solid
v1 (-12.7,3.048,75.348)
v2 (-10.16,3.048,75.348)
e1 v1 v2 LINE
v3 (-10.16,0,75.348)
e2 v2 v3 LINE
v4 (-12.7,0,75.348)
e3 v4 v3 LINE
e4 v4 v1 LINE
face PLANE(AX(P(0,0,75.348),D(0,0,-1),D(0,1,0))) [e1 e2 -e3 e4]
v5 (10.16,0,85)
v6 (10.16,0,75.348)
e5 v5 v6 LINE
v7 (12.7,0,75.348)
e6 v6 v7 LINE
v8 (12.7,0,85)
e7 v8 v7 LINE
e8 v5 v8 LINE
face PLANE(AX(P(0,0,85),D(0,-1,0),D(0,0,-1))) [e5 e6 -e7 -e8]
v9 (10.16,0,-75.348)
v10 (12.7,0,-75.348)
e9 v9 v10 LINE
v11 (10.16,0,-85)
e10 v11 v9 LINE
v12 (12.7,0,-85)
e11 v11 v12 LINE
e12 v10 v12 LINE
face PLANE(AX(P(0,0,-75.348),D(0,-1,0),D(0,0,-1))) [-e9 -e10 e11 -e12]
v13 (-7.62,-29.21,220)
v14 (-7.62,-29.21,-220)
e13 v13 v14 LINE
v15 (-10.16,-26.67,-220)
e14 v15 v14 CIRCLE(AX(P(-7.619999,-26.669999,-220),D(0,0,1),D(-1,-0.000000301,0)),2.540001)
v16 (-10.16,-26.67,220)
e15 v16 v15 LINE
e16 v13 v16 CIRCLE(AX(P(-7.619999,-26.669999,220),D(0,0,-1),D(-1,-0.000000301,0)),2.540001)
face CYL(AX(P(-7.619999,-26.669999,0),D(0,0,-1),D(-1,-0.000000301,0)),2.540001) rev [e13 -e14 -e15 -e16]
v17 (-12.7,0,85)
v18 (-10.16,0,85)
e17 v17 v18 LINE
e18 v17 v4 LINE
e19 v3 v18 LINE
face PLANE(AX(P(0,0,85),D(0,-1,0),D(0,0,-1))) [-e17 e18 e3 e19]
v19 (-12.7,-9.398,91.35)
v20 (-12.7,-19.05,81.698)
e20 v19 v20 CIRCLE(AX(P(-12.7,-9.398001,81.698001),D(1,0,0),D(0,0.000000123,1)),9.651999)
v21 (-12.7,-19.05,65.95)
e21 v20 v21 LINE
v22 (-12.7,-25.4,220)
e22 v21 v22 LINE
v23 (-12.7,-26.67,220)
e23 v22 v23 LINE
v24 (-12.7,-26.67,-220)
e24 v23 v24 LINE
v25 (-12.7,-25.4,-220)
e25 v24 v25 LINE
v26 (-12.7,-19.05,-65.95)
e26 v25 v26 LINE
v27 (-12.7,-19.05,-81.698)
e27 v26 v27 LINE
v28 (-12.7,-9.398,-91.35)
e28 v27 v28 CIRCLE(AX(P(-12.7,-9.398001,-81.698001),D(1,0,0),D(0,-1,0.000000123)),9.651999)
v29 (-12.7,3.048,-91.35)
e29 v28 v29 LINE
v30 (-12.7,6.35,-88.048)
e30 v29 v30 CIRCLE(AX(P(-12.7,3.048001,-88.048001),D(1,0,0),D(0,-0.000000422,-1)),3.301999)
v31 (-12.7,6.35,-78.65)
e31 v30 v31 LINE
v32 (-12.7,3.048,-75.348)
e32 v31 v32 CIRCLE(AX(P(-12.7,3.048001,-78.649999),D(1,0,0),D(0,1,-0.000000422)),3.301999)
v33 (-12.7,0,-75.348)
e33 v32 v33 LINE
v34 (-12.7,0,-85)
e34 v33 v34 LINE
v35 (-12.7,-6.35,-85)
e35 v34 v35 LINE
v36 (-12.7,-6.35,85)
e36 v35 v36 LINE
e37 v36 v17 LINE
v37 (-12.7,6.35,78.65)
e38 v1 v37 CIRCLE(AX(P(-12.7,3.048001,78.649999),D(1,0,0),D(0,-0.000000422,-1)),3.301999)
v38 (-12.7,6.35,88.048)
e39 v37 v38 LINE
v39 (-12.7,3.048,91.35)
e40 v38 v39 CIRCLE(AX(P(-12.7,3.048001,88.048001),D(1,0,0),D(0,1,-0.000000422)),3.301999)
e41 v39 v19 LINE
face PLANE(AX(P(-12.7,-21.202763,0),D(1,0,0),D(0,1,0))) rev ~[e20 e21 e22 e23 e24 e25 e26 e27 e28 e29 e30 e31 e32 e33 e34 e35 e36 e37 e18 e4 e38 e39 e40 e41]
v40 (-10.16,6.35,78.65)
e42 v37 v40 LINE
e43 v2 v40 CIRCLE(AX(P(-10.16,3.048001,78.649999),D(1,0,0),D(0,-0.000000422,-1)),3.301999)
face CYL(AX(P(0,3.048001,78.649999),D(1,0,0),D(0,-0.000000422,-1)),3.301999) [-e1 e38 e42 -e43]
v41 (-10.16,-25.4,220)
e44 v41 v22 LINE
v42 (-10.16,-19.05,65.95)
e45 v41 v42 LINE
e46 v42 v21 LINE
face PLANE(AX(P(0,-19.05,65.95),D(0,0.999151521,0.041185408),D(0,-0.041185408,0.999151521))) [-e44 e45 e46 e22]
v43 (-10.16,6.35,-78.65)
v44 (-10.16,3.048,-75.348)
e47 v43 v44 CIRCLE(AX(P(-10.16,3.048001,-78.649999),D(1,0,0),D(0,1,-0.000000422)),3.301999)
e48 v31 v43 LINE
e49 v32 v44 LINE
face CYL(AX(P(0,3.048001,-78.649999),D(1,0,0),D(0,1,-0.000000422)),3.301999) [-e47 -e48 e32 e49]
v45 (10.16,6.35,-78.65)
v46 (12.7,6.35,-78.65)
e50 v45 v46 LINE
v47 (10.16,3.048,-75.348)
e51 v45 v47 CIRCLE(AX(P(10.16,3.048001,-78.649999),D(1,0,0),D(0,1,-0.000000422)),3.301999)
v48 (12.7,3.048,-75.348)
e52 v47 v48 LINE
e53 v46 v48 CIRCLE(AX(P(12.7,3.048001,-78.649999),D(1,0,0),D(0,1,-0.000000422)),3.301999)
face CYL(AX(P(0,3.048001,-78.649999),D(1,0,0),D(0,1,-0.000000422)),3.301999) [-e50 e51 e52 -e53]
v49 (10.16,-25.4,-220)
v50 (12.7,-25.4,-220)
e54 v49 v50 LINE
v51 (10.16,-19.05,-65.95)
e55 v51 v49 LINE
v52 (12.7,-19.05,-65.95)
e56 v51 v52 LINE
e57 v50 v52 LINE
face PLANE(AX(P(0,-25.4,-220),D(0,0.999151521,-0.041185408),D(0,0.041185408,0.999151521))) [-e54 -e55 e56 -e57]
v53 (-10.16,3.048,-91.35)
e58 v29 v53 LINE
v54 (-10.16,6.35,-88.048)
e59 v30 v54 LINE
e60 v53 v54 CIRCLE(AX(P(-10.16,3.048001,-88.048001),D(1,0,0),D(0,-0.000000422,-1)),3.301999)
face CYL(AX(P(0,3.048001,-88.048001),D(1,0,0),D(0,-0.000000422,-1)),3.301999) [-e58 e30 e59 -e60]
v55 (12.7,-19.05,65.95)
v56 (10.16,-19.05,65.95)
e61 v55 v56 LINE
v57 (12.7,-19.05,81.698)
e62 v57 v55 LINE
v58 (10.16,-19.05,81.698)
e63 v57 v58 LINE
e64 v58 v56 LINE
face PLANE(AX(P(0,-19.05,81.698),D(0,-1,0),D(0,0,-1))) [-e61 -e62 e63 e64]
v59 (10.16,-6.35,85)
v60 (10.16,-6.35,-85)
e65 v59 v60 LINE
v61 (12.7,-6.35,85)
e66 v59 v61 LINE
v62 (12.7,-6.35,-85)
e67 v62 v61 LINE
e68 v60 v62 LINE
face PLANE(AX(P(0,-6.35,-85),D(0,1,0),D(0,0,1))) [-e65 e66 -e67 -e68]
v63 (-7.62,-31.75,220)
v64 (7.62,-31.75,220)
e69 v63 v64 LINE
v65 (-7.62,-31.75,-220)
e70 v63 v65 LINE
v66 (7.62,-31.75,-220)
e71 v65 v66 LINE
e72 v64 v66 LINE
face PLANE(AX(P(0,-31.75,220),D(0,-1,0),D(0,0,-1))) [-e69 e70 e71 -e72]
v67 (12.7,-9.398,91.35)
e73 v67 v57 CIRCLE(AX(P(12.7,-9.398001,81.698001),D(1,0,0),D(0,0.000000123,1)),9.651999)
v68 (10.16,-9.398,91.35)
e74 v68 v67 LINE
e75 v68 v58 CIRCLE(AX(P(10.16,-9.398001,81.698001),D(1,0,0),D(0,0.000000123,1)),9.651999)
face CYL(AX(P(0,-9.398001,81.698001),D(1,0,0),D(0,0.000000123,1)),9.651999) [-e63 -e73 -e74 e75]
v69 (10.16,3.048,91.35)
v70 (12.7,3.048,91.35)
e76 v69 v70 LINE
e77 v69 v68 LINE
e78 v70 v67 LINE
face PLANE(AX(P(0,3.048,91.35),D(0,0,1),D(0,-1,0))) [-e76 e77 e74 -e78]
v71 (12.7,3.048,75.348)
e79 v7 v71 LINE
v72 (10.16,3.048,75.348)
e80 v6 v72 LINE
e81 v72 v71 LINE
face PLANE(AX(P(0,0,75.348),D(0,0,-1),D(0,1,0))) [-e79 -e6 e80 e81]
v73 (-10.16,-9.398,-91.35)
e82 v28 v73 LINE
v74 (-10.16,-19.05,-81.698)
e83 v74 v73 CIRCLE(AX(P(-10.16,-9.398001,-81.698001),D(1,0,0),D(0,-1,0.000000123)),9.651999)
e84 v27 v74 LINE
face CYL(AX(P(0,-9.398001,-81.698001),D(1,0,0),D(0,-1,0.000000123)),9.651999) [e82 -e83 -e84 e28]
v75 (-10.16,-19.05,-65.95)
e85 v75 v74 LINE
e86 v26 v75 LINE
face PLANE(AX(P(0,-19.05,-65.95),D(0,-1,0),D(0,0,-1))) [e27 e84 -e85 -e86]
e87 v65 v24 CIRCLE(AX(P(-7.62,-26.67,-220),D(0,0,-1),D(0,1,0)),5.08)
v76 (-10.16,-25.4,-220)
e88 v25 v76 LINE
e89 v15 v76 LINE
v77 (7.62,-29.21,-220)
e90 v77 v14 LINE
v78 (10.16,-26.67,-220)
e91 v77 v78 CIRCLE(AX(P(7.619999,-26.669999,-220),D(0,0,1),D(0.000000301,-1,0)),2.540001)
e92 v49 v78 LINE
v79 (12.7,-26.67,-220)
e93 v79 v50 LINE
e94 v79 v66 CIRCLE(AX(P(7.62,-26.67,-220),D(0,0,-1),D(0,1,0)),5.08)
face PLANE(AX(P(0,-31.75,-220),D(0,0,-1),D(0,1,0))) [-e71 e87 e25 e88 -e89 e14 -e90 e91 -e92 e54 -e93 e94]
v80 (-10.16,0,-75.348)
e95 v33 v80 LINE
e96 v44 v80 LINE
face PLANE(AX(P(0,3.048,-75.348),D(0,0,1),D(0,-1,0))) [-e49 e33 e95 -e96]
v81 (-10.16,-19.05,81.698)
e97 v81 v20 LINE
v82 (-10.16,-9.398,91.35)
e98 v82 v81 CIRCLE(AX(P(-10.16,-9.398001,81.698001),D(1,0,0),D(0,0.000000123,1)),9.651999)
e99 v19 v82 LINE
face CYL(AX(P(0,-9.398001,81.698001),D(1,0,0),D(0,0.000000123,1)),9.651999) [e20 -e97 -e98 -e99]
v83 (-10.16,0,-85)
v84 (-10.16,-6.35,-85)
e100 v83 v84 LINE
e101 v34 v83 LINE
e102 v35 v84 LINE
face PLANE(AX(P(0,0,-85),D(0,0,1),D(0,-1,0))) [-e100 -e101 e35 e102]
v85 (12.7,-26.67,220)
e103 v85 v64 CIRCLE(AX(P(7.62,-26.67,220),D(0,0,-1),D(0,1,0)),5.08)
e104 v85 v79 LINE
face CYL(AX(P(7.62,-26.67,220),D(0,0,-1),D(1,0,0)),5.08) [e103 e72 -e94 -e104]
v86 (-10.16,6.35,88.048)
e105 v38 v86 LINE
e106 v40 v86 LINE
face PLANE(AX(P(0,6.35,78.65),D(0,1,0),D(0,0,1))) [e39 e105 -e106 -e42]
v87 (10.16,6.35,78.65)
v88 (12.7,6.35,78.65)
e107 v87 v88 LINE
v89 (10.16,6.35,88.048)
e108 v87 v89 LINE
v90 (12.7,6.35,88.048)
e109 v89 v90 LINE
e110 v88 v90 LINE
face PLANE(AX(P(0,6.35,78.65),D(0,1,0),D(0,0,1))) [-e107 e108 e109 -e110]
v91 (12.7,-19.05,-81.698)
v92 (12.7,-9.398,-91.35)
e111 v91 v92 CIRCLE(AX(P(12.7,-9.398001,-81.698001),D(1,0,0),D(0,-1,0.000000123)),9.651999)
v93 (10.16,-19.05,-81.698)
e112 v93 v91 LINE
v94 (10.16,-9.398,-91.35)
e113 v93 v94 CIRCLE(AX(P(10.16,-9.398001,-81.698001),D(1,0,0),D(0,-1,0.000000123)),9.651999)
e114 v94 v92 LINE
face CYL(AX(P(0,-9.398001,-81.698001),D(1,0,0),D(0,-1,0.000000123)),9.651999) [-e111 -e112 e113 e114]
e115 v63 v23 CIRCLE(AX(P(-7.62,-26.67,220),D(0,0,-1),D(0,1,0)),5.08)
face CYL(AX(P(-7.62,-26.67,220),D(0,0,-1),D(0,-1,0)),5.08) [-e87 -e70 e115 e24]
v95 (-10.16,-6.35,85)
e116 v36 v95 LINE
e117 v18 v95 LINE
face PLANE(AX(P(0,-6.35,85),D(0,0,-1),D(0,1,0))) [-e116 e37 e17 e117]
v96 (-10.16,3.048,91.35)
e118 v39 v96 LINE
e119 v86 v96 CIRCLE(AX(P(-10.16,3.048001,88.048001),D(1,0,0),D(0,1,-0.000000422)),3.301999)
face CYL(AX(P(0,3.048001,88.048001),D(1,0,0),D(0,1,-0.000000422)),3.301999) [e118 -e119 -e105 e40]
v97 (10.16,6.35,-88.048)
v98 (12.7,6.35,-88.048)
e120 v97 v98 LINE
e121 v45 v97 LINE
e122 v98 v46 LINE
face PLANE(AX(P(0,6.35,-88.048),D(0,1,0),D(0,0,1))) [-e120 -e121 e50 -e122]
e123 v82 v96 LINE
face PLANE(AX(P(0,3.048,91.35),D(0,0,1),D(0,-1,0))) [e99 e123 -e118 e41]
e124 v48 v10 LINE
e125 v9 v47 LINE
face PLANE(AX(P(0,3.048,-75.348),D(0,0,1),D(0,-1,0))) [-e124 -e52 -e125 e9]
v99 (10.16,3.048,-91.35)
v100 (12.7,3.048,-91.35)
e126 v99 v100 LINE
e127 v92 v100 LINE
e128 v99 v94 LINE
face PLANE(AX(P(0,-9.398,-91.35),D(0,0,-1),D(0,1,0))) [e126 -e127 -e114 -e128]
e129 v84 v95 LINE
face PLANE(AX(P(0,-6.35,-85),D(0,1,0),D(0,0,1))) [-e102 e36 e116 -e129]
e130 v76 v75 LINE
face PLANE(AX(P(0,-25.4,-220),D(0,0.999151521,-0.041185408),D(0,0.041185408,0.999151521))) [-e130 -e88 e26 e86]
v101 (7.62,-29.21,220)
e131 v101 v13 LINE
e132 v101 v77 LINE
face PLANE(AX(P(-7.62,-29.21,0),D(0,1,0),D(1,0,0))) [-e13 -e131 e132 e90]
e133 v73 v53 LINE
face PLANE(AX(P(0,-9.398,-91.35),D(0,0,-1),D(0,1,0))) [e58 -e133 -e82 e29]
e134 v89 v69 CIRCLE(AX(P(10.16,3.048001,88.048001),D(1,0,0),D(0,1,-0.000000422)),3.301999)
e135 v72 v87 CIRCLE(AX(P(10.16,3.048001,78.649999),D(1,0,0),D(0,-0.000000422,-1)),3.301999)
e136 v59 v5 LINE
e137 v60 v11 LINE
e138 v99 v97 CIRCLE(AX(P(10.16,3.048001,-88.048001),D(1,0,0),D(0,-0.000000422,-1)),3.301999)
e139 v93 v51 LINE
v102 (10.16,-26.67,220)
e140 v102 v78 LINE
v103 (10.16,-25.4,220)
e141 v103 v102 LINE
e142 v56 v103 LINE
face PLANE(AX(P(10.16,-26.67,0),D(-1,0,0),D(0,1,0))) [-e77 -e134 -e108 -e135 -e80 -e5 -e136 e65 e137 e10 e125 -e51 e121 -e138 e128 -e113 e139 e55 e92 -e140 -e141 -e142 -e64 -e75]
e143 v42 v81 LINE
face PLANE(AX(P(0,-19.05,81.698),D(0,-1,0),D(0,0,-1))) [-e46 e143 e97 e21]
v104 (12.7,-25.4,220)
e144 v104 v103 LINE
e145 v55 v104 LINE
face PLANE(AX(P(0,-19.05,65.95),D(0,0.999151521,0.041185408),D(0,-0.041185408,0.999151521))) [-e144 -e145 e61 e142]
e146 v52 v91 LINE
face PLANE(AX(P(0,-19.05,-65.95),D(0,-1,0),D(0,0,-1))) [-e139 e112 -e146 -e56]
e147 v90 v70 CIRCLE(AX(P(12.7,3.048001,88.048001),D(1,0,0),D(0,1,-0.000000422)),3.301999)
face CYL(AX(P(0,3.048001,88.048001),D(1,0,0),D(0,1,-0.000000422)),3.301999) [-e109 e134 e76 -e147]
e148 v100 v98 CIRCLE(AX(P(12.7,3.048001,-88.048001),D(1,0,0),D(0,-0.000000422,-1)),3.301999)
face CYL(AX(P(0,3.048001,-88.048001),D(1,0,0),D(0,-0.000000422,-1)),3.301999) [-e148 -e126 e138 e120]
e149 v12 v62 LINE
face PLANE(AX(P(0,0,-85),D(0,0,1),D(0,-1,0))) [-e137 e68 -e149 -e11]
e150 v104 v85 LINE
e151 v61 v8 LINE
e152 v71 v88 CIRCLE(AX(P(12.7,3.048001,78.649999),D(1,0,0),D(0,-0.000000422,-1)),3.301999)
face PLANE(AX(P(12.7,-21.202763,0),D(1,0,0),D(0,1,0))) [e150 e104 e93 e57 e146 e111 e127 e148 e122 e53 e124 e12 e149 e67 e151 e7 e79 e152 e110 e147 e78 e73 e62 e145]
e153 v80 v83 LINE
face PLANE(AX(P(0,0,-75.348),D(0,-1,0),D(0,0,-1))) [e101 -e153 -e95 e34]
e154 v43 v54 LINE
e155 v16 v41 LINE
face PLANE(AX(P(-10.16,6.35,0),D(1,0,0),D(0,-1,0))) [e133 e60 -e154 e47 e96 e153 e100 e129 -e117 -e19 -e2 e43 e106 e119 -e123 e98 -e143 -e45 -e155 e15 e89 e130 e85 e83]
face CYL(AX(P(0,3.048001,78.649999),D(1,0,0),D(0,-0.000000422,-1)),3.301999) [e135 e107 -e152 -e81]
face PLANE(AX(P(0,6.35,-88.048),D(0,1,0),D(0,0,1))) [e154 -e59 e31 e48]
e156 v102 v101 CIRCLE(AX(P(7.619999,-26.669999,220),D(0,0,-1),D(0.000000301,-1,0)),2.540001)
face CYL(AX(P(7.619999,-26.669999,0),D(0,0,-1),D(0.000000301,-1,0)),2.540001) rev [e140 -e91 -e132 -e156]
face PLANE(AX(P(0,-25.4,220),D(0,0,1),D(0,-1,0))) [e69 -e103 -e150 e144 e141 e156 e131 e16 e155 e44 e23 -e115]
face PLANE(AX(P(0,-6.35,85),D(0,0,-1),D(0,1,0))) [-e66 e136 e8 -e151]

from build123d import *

# Parameters (mm, degrees)
F1_DEPTH      = 12.7
F2_R          = 5.08
F4_DEPTH      = 220.001
F4_DEPTH_BACK = 220.001


with BuildPart() as f1:
    # F0 (on Right) → F1 (new body, symmetric)
    with BuildSketch(Plane.YZ):
        with BuildLine():
            Line((-25.4, 220), (-31.75, 220))
            Line((-31.75, 220), (-31.75, -220))
            Line((-31.75, -220), (-25.4, -220))
            Line((-25.4, -220), (-19.05, -65.95))
            Line((-19.05, -65.95), (-19.05, -81.698))
            ThreePointArc((-19.05, -81.698), (-16.222995, -88.522995), (-9.398, -91.35))
            Line((-9.398, -91.35), (3.048, -91.35))
            ThreePointArc((3.048, -91.35), (5.382867, -90.382867), (6.35, -88.048))
            Line((6.35, -88.048), (6.35, -78.65))
            ThreePointArc((6.35, -78.65), (5.382867, -76.315133), (3.048, -75.348))
            Line((3.048, -75.348), (0, -75.348))
            Line((0, -75.348), (0, -85))
            Line((0, -85), (-6.35, -85))
            Line((-6.35, -85), (-6.35, 85))
            Line((-6.35, 85), (0, 85))
            Line((0, 85), (0, 75.348))
            Line((0, 75.348), (3.048, 75.348))
            ThreePointArc((3.048, 75.348), (5.382867, 76.315133), (6.35, 78.65))
            Line((6.35, 78.65), (6.35, 88.048))
            ThreePointArc((6.35, 88.048), (5.382867, 90.382867), (3.048, 91.35))
            Line((3.048, 91.35), (-9.398, 91.35))
            ThreePointArc((-9.398, 91.35), (-16.222995, 88.522995), (-19.05, 81.698))
            Line((-19.05, 81.698), (-19.05, 65.95))
            Line((-19.05, 65.95), (-25.4, 220))
        make_face()
    extrude(amount=F1_DEPTH, both=True)

    # F2
    f2_edges = [f1.edges().sort_by_distance(p)[0] for p in [
        (12.7, -31.75, 0),
        (-12.7, -31.75, 0),
    ]]
    fillet(f2_edges, radius=F2_R)

    # F3 (on Top) → F4 (cut, two sides)
    with BuildSketch(Plane.XY) as f4_sk:
        with BuildLine():
            Line((10.16, -26.67), (10.16, 6.35))
            Line((10.16, 6.35), (-10.16, 6.35))
            Line((-10.16, 6.35), (-10.16, -26.67))
            ThreePointArc((-10.16, -26.67), (-9.416051, -28.466051), (-7.62, -29.21))
            Line((-7.62, -29.21), (7.62, -29.21))
            ThreePointArc((7.62, -29.21), (9.416051, -28.466051), (10.16, -26.67))
        make_face()
    extrude(amount=F4_DEPTH, mode=Mode.SUBTRACT)
    extrude(f4_sk.sketch, amount=-F4_DEPTH_BACK, mode=Mode.SUBTRACT)


solid = f1.part
